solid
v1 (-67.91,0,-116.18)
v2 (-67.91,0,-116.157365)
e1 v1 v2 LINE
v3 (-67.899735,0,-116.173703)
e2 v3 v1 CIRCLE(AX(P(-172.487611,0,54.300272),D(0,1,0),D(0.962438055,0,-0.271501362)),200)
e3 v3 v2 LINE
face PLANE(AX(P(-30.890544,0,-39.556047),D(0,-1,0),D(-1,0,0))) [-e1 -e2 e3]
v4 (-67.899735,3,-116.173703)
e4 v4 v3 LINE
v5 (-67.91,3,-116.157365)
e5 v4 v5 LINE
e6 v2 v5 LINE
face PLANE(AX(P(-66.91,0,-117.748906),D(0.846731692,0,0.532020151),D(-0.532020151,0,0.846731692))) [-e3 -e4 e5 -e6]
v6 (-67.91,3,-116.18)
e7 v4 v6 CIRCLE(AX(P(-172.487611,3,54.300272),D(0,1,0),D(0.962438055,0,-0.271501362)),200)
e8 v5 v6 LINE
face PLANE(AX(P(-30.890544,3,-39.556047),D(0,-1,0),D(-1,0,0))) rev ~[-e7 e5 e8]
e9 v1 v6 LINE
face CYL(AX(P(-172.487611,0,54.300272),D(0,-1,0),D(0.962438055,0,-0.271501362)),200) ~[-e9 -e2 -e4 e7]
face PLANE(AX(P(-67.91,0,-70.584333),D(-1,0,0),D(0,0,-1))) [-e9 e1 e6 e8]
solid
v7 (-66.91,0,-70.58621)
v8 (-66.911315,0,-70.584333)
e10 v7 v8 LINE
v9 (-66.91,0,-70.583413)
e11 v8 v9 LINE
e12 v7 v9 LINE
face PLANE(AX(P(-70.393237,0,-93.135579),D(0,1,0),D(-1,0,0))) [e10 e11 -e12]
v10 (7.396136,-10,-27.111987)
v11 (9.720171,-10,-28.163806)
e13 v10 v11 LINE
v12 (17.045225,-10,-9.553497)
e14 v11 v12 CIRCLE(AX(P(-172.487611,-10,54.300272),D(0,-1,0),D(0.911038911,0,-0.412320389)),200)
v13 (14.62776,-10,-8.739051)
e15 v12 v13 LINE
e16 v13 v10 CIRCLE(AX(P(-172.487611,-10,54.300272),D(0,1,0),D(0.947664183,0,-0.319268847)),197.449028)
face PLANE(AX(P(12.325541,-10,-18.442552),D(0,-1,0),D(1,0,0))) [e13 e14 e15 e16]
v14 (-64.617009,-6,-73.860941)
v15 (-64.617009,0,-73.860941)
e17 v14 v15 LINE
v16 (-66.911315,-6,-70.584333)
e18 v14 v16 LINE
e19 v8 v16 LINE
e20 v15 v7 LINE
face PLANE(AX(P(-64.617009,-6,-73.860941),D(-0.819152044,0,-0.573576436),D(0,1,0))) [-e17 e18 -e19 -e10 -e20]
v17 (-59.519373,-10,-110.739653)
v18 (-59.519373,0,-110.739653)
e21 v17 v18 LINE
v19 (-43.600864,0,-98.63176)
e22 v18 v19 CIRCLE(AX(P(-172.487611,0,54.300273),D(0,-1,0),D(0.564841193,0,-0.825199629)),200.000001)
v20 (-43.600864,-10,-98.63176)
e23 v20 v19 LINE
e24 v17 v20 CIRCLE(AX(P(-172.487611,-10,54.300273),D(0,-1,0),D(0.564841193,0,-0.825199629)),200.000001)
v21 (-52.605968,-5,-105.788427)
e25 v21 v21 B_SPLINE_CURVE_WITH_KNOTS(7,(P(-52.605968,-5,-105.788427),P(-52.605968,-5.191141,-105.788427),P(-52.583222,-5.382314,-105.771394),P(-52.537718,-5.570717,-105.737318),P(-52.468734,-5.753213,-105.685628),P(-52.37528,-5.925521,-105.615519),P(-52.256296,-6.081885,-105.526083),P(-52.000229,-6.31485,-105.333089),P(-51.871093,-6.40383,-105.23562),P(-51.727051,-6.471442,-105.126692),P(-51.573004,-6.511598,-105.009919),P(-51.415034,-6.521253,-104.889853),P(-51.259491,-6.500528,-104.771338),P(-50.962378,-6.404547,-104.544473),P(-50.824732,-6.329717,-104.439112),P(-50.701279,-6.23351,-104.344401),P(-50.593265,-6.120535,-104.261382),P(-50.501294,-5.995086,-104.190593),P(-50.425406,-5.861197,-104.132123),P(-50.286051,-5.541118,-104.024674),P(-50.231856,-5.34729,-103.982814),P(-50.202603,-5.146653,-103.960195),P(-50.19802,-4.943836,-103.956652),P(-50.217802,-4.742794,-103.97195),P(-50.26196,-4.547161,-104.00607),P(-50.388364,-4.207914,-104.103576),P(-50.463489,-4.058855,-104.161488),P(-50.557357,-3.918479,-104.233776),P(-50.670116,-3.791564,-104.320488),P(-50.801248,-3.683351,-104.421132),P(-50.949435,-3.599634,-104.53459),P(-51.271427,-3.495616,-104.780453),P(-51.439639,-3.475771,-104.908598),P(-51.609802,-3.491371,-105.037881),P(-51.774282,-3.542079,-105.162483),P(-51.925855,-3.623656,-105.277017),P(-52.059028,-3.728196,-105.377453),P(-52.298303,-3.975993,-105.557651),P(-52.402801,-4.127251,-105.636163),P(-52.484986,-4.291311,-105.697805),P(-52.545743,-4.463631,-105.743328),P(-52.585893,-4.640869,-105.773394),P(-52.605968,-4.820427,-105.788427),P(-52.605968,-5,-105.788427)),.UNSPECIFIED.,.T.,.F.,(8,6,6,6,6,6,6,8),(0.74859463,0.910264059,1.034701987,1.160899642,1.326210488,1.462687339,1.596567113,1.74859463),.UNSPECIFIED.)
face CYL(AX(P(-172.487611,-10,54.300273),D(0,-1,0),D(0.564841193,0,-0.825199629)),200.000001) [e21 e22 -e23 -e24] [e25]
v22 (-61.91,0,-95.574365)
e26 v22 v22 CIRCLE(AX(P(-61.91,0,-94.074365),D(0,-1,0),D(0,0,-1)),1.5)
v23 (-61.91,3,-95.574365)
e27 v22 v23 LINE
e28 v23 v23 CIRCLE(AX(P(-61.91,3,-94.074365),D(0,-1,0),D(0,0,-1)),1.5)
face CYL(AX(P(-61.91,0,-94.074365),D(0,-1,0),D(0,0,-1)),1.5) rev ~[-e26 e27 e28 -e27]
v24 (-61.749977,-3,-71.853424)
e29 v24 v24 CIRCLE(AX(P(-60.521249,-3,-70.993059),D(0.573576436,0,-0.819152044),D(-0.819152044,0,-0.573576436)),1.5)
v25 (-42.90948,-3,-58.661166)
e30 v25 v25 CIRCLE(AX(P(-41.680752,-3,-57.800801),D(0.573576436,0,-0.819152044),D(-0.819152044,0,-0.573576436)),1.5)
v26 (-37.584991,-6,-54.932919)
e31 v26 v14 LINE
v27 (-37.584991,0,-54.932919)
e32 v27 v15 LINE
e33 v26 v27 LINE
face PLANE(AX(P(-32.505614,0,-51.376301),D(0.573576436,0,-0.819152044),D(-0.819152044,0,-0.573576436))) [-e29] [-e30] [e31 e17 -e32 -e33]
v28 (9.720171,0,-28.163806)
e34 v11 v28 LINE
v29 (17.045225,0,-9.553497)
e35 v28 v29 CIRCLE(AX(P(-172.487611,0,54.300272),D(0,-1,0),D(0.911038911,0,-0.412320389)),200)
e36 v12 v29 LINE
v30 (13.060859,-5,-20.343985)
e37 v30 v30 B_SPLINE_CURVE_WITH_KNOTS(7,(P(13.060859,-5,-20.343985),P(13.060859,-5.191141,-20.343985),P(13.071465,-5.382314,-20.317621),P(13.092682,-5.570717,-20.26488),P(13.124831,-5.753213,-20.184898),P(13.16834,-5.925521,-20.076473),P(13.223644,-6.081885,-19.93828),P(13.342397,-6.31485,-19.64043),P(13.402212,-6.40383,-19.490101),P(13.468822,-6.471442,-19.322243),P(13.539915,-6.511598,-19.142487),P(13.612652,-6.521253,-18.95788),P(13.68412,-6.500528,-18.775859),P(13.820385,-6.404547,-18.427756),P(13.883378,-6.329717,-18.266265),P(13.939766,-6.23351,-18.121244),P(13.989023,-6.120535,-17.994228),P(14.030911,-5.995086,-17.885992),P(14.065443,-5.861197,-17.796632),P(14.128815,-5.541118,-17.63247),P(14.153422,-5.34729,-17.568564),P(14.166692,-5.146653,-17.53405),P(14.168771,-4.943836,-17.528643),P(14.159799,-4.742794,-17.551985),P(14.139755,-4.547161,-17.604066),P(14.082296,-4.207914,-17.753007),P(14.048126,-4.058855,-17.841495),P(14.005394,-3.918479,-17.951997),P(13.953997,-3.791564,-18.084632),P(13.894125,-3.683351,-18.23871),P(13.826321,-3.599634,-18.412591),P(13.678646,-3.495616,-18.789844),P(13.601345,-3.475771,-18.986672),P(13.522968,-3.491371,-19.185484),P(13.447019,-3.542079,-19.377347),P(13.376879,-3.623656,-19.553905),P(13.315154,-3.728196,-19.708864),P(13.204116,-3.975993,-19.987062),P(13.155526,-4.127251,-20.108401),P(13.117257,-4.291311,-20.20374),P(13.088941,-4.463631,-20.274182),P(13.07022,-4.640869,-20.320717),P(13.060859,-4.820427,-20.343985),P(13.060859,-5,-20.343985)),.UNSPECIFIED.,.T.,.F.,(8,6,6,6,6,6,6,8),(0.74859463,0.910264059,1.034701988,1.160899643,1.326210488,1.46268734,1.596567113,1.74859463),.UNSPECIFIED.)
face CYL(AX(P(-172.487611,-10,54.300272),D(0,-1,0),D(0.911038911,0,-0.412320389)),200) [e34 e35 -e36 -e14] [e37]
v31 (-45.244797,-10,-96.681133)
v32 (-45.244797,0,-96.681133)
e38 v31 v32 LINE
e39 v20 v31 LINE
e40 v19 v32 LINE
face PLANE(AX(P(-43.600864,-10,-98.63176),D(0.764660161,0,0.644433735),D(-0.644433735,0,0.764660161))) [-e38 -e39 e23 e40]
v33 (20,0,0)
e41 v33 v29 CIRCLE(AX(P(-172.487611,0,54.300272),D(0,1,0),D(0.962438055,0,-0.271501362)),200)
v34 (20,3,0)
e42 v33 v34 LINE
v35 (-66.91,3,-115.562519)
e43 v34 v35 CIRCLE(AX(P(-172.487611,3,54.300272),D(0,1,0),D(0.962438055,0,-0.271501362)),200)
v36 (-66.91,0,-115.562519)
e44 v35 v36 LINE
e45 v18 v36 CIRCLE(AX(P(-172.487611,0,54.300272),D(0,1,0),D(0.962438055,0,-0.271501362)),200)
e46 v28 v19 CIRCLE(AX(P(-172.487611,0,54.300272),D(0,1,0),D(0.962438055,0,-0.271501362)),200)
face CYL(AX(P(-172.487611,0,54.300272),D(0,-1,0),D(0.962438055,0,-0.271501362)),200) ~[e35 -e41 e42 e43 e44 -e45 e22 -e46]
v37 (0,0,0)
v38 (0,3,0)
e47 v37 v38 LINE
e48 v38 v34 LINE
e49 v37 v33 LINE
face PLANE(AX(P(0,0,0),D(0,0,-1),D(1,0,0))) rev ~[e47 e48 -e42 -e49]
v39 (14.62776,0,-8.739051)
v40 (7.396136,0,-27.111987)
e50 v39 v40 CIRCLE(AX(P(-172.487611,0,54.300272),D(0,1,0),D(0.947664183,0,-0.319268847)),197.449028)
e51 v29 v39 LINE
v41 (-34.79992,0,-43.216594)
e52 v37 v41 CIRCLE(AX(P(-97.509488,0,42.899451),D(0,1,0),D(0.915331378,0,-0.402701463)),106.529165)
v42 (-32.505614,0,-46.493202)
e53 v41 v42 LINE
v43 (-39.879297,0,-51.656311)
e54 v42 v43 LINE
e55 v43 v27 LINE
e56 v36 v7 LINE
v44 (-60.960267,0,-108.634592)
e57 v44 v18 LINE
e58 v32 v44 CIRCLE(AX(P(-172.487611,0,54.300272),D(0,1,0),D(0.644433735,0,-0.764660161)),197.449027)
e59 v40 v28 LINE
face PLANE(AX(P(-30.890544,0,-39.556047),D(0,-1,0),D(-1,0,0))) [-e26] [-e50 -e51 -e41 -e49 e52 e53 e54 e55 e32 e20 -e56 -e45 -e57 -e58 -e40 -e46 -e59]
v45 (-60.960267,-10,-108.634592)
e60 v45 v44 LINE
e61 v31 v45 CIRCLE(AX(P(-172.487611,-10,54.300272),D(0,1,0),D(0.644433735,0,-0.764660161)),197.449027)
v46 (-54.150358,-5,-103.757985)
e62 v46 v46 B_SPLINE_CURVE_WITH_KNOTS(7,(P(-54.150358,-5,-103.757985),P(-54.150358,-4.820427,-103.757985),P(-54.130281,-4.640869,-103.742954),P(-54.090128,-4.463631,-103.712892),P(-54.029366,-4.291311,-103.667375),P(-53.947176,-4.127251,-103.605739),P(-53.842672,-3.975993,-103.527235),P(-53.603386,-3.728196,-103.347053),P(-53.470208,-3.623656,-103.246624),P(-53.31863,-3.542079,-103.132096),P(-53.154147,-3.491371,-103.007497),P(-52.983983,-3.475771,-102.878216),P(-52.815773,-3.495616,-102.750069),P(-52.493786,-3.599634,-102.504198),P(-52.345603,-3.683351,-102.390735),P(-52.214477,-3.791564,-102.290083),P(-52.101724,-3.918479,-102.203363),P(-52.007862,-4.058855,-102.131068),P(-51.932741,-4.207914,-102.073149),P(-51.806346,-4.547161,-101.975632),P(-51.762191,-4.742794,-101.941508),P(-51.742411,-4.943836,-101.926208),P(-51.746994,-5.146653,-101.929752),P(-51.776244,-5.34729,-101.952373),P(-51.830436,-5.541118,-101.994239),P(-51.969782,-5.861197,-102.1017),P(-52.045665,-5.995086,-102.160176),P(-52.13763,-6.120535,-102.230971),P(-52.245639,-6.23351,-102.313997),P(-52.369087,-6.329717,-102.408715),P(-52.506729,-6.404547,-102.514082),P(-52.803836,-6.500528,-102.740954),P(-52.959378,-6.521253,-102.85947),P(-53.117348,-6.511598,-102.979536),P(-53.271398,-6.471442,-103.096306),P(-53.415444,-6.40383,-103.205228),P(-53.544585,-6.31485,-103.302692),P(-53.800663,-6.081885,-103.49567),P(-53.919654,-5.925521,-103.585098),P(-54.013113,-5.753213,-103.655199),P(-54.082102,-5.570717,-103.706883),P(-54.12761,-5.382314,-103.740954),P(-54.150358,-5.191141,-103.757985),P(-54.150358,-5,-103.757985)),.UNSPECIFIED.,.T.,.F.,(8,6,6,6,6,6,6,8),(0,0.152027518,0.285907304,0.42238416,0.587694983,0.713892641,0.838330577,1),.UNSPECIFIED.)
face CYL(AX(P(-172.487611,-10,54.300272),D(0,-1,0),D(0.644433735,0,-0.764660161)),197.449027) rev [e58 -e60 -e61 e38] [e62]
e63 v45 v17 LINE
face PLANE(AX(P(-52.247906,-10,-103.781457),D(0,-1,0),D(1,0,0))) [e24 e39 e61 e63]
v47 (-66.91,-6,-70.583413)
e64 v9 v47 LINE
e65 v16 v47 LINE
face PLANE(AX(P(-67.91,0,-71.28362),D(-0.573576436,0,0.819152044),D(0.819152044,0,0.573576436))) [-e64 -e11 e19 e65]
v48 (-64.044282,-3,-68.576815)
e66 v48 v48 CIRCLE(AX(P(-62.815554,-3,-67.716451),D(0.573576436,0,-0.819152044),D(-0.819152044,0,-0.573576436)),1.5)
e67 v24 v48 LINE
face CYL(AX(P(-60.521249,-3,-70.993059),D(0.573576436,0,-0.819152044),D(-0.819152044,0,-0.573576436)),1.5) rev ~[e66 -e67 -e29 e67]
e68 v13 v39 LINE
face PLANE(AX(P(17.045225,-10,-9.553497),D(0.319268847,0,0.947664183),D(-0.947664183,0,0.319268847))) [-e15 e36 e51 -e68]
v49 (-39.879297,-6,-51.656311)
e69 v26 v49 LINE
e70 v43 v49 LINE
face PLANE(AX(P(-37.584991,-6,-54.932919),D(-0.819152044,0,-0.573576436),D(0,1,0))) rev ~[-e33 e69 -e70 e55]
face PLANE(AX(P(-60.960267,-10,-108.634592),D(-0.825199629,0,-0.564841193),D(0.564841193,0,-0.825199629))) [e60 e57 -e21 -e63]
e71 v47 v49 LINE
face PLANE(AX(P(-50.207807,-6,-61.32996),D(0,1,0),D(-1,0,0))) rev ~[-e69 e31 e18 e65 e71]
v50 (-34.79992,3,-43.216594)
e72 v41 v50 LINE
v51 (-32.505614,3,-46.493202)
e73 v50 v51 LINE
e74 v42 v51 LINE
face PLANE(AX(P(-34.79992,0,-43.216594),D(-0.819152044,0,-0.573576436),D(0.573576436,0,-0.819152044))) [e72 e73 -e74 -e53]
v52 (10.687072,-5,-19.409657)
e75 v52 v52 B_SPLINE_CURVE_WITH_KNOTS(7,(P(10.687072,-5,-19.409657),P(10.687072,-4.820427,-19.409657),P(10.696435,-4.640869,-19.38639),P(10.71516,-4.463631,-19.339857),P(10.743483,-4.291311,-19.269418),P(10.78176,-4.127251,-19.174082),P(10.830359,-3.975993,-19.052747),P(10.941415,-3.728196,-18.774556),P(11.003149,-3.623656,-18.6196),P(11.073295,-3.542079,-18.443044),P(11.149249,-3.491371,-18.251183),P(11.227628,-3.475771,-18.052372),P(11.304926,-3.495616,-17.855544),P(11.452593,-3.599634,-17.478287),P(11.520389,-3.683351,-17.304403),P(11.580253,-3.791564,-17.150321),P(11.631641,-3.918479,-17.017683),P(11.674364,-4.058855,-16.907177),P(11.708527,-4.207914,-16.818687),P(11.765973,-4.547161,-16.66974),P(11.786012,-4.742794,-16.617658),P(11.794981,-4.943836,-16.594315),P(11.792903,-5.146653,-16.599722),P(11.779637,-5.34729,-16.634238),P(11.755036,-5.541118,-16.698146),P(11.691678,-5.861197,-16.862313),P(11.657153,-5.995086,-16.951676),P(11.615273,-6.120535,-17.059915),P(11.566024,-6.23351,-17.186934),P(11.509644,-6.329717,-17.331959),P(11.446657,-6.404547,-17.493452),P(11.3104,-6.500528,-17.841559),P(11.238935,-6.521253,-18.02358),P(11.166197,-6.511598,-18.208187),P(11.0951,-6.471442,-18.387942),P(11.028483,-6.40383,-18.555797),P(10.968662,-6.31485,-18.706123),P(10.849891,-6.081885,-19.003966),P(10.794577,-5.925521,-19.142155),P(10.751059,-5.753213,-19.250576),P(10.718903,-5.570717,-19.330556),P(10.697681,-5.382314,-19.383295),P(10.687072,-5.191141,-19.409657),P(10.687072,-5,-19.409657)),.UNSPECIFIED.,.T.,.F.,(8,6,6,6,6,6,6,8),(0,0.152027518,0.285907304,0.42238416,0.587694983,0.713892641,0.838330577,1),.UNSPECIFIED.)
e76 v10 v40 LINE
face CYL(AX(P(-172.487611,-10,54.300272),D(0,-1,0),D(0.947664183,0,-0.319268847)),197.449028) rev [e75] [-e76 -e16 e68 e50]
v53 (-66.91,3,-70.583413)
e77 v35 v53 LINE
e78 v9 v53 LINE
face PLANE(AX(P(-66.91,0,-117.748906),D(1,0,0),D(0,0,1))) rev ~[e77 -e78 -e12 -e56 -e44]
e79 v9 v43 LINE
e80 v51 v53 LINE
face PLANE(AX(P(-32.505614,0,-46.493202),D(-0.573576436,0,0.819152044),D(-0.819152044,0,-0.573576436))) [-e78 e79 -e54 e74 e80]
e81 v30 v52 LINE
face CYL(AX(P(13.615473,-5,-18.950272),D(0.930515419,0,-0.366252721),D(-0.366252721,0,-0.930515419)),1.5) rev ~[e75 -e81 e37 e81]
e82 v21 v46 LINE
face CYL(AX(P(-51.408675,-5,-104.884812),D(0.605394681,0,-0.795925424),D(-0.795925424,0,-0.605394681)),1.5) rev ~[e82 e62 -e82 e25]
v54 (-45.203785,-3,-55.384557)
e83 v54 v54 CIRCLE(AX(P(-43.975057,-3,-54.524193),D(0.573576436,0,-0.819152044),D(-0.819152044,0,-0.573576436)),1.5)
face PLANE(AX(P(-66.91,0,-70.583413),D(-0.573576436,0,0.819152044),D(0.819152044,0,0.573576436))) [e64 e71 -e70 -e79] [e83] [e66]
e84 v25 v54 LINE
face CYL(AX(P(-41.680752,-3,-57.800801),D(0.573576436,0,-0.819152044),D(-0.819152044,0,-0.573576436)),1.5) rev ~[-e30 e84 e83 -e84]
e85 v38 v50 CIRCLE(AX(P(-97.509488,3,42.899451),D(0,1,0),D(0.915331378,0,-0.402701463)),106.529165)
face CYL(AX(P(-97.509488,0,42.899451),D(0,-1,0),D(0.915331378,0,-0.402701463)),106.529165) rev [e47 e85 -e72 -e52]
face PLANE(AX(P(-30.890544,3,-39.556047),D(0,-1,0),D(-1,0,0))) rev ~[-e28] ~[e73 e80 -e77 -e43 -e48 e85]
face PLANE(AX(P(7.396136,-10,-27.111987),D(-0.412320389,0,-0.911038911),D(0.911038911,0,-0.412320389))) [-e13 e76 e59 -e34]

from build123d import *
from build123d.topology import SkipClean

# Parameters (mm, degrees)
BOSS_EXTRUDE1_DEPTH = 3
BOSS_EXTRUDE2_DEPTH = 6
SKETCH3_R           = 1.5
SKETCH3_W           = 9.001604742
SKETCH3_H           = 6
SKETCH3_W_2         = 4.02
CUT_EXTRUDE1_DEPTH  = 127.726009226
BOSS_EXTRUDE3_DEPTH = 3
BOSS_EXTRUDE4_START = 10
BOSS_EXTRUDE4_DEPTH = 10
SKETCH8_R           = 1.5
CUT_EXTRUDE2_DEPTH  = 128.550079345
SKETCH9_R           = 1.5
CUT_EXTRUDE3_DEPTH  = 140.296860914
CUT_EXTRUDE5_DEPTH  = 135.942804558
SKETCH10_R          = 1.5
CUT_EXTRUDE4_DEPTH  = 135.942804558


with BuildPart() as part:
    # Sketch1 → Boss-Extrude1 (new body)
    with BuildSketch(Plane(origin=(0, 0, 0), x_dir=(1, 0, 0), z_dir=(0, 1, 0))):
        with BuildLine():
            Line((0, 0), (20, 0))
            ThreePointArc((20, 0), (-12.999728612, 66.379532688), (-67.91, 116.18))
            Line((-67.91, 116.18), (-67.91, 72.58))
            ThreePointArc((-67.91, 72.58), (-27.76846685, 42.078474321), (0, 0))
        make_face()
    extrude(amount=BOSS_EXTRUDE1_DEPTH)

    # Sketch2 → Boss-Extrude2 (add)
    with BuildSketch(Plane.XZ):
        Polygon((-66.91, -70.583412503), (-32.50561414, -46.493202176), (-32.50561414, -51.376300531), (-67.91, -76.166718396), (-67.91, -71.283620041), align=None)
    extrude(amount=BOSS_EXTRUDE2_DEPTH)

    # Sketch3 → Cut-Extrude1 (cut, through all)
    with BuildSketch(Plane(origin=(13.44494558, 0, -19.201372231), x_dir=(-0.8191520442889929, 0, -0.5735764363510446), z_dir=(0.5735764363510446, 0, -0.819152044288993))):
        with Locations((90.296050234, -3)):
            Circle(SKETCH3_R)
        with Locations((67.296050234, -3)):
            Circle(SKETCH3_R)
        with Locations((57.795247863, -3)):
            Rectangle(SKETCH3_W, SKETCH3_H)
        with Locations((97.306050234, -3)):
            Rectangle(SKETCH3_W_2, SKETCH3_H)
    extrude(amount=-CUT_EXTRUDE1_DEPTH, mode=Mode.SUBTRACT)

    # Sketch5 → Boss-Extrude3 (add)
    with BuildSketch(Plane(origin=(0, 0, 0), x_dir=(1, 0, 0), z_dir=(0, 1, 0))):
        with BuildLine():
            Line((-66.911314527, 70.584332945), (-67.91, 70.584332945))
            Line((-67.91, 70.584332945), (-67.91, 72.58))
            ThreePointArc((-67.91, 72.58), (-27.76846685, 42.078474321), (0, 0))
            ThreePointArc((0, 0), (-14.53687211, 23.913782415), (-34.799919885, 43.216593999))
            Line((-34.799919885, 43.216593999), (-32.50561414, 46.493202176))
            Line((-32.50561414, 46.493202176), (-66.911314527, 70.584332945))
        make_face()
    extrude(amount=BOSS_EXTRUDE3_DEPTH)

    # Sketch6 → Boss-Extrude4 (add)
    with SkipClean():  # the faces are left unmerged after this step: merging them gives an invalid solid
        with BuildSketch(Plane.XZ.offset(BOSS_EXTRUDE4_START)):
            with BuildLine():
                Line((17.045225443, -9.553497125), (14.627759947, -8.739050999))
                ThreePointArc((14.627759947, -8.739050999), (11.241753199, -18.015971085), (7.396135604, -27.111987428))
                Line((7.396135604, -27.111987428), (9.72017103, -28.163805501))
                ThreePointArc((9.72017103, -28.163805501), (13.615472666, -18.950271792), (17.045225443, -9.553497125))
            make_face()
            with BuildLine():
                Line((-43.600864087, -98.631759771), (-45.244796978, -96.681132546))
                ThreePointArc((-45.244796978, -96.681132546), (-52.953020273, -102.854428394), (-60.960267052, -108.634591628))
                Line((-60.960267052, -108.634591628), (-59.519372567, -110.739653386))
                ThreePointArc((-59.519372567, -110.739653386), (-51.408674946, -104.884812453), (-43.600864087, -98.631759771))
            make_face()
        extrude(amount=-BOSS_EXTRUDE4_DEPTH)

    # Sketch8 → Cut-Extrude2 (cut, through all)
    with SkipClean():  # the faces are left unmerged after this step: merging them gives an invalid solid
        with BuildSketch(Plane(origin=(-51.408674946, -10, -104.884812453), x_dir=(-0.7959254239888501, 0, -0.6053946807233851), z_dir=(0.6053946807233851, 0, -0.7959254239888501))):
            with Locations((0, 5)):
                Circle(SKETCH8_R)
        extrude(amount=-CUT_EXTRUDE2_DEPTH, mode=Mode.SUBTRACT)

    # Sketch9 → Cut-Extrude3 (cut, through all)
    with SkipClean():  # the faces are left unmerged after this step: merging them gives an invalid solid
        with BuildSketch(Plane(origin=(18.247403502, 0, -7.182214333), x_dir=(-0.36625272068036274, 0, -0.9305154187837148), z_dir=(0.9305154187837148, 0, -0.36625272068036274))):
            with Locations((12.646816185, -5)):
                Circle(SKETCH9_R)
        extrude(amount=-CUT_EXTRUDE3_DEPTH, mode=Mode.SUBTRACT)

    # Sketch11 → Cut-Extrude5 (cut, through all)
    with SkipClean():  # the faces are left unmerged after this step: merging them gives an invalid solid
        with BuildSketch(Plane.XZ):
            with BuildLine():
                Line((-66.91, -70.583412503), (-66.91, -115.562519451))
                Line((-66.91, -115.562519451), (-66.91, -117.748905653))
                Line((-66.91, -117.748905653), (-78.626173162, -99.102139907))
                ThreePointArc((-78.626173162, -99.102139907), (-78.831832297, -91.769406487), (-72.513559714, -88.042382652))
                Line((-72.513559714, -88.042382652), (-69.539157742, -68.426897103))
                Line((-69.539157742, -68.426897103), (-66.91, -70.583412503))
            make_face()
        extrude(amount=-CUT_EXTRUDE5_DEPTH, mode=Mode.SUBTRACT)


with BuildPart() as cut_extrude5_piece_1:
    # of the separate pieces the step leaves, piece 1, a body of its own (cut_extrude5_pieces)
    add(part.part.solids().sort_by_distance((-64.617008782, 0, -73.860941122))[0])

    # Sketch10 → Cut-Extrude4 (cut, through all)
    with SkipClean():  # the faces are left unmerged after this step: merging them gives an invalid solid
        with BuildSketch(Plane.XZ):
            with Locations(Location((-61.91, -94.074364868, 0), (0, 0, 270))):
                Circle(SKETCH10_R)
        extrude(amount=-CUT_EXTRUDE4_DEPTH, mode=Mode.SUBTRACT)


with BuildPart() as cut_extrude5_piece_2:
    # of the separate pieces the step leaves, piece 2, a body of its own (cut_extrude5_pieces)
    add(part.part.solids().sort_by_distance((-67.91, 0, -116.18))[0])


solid = Compound([cut_extrude5_piece_1.part, cut_extrude5_piece_2.part])
